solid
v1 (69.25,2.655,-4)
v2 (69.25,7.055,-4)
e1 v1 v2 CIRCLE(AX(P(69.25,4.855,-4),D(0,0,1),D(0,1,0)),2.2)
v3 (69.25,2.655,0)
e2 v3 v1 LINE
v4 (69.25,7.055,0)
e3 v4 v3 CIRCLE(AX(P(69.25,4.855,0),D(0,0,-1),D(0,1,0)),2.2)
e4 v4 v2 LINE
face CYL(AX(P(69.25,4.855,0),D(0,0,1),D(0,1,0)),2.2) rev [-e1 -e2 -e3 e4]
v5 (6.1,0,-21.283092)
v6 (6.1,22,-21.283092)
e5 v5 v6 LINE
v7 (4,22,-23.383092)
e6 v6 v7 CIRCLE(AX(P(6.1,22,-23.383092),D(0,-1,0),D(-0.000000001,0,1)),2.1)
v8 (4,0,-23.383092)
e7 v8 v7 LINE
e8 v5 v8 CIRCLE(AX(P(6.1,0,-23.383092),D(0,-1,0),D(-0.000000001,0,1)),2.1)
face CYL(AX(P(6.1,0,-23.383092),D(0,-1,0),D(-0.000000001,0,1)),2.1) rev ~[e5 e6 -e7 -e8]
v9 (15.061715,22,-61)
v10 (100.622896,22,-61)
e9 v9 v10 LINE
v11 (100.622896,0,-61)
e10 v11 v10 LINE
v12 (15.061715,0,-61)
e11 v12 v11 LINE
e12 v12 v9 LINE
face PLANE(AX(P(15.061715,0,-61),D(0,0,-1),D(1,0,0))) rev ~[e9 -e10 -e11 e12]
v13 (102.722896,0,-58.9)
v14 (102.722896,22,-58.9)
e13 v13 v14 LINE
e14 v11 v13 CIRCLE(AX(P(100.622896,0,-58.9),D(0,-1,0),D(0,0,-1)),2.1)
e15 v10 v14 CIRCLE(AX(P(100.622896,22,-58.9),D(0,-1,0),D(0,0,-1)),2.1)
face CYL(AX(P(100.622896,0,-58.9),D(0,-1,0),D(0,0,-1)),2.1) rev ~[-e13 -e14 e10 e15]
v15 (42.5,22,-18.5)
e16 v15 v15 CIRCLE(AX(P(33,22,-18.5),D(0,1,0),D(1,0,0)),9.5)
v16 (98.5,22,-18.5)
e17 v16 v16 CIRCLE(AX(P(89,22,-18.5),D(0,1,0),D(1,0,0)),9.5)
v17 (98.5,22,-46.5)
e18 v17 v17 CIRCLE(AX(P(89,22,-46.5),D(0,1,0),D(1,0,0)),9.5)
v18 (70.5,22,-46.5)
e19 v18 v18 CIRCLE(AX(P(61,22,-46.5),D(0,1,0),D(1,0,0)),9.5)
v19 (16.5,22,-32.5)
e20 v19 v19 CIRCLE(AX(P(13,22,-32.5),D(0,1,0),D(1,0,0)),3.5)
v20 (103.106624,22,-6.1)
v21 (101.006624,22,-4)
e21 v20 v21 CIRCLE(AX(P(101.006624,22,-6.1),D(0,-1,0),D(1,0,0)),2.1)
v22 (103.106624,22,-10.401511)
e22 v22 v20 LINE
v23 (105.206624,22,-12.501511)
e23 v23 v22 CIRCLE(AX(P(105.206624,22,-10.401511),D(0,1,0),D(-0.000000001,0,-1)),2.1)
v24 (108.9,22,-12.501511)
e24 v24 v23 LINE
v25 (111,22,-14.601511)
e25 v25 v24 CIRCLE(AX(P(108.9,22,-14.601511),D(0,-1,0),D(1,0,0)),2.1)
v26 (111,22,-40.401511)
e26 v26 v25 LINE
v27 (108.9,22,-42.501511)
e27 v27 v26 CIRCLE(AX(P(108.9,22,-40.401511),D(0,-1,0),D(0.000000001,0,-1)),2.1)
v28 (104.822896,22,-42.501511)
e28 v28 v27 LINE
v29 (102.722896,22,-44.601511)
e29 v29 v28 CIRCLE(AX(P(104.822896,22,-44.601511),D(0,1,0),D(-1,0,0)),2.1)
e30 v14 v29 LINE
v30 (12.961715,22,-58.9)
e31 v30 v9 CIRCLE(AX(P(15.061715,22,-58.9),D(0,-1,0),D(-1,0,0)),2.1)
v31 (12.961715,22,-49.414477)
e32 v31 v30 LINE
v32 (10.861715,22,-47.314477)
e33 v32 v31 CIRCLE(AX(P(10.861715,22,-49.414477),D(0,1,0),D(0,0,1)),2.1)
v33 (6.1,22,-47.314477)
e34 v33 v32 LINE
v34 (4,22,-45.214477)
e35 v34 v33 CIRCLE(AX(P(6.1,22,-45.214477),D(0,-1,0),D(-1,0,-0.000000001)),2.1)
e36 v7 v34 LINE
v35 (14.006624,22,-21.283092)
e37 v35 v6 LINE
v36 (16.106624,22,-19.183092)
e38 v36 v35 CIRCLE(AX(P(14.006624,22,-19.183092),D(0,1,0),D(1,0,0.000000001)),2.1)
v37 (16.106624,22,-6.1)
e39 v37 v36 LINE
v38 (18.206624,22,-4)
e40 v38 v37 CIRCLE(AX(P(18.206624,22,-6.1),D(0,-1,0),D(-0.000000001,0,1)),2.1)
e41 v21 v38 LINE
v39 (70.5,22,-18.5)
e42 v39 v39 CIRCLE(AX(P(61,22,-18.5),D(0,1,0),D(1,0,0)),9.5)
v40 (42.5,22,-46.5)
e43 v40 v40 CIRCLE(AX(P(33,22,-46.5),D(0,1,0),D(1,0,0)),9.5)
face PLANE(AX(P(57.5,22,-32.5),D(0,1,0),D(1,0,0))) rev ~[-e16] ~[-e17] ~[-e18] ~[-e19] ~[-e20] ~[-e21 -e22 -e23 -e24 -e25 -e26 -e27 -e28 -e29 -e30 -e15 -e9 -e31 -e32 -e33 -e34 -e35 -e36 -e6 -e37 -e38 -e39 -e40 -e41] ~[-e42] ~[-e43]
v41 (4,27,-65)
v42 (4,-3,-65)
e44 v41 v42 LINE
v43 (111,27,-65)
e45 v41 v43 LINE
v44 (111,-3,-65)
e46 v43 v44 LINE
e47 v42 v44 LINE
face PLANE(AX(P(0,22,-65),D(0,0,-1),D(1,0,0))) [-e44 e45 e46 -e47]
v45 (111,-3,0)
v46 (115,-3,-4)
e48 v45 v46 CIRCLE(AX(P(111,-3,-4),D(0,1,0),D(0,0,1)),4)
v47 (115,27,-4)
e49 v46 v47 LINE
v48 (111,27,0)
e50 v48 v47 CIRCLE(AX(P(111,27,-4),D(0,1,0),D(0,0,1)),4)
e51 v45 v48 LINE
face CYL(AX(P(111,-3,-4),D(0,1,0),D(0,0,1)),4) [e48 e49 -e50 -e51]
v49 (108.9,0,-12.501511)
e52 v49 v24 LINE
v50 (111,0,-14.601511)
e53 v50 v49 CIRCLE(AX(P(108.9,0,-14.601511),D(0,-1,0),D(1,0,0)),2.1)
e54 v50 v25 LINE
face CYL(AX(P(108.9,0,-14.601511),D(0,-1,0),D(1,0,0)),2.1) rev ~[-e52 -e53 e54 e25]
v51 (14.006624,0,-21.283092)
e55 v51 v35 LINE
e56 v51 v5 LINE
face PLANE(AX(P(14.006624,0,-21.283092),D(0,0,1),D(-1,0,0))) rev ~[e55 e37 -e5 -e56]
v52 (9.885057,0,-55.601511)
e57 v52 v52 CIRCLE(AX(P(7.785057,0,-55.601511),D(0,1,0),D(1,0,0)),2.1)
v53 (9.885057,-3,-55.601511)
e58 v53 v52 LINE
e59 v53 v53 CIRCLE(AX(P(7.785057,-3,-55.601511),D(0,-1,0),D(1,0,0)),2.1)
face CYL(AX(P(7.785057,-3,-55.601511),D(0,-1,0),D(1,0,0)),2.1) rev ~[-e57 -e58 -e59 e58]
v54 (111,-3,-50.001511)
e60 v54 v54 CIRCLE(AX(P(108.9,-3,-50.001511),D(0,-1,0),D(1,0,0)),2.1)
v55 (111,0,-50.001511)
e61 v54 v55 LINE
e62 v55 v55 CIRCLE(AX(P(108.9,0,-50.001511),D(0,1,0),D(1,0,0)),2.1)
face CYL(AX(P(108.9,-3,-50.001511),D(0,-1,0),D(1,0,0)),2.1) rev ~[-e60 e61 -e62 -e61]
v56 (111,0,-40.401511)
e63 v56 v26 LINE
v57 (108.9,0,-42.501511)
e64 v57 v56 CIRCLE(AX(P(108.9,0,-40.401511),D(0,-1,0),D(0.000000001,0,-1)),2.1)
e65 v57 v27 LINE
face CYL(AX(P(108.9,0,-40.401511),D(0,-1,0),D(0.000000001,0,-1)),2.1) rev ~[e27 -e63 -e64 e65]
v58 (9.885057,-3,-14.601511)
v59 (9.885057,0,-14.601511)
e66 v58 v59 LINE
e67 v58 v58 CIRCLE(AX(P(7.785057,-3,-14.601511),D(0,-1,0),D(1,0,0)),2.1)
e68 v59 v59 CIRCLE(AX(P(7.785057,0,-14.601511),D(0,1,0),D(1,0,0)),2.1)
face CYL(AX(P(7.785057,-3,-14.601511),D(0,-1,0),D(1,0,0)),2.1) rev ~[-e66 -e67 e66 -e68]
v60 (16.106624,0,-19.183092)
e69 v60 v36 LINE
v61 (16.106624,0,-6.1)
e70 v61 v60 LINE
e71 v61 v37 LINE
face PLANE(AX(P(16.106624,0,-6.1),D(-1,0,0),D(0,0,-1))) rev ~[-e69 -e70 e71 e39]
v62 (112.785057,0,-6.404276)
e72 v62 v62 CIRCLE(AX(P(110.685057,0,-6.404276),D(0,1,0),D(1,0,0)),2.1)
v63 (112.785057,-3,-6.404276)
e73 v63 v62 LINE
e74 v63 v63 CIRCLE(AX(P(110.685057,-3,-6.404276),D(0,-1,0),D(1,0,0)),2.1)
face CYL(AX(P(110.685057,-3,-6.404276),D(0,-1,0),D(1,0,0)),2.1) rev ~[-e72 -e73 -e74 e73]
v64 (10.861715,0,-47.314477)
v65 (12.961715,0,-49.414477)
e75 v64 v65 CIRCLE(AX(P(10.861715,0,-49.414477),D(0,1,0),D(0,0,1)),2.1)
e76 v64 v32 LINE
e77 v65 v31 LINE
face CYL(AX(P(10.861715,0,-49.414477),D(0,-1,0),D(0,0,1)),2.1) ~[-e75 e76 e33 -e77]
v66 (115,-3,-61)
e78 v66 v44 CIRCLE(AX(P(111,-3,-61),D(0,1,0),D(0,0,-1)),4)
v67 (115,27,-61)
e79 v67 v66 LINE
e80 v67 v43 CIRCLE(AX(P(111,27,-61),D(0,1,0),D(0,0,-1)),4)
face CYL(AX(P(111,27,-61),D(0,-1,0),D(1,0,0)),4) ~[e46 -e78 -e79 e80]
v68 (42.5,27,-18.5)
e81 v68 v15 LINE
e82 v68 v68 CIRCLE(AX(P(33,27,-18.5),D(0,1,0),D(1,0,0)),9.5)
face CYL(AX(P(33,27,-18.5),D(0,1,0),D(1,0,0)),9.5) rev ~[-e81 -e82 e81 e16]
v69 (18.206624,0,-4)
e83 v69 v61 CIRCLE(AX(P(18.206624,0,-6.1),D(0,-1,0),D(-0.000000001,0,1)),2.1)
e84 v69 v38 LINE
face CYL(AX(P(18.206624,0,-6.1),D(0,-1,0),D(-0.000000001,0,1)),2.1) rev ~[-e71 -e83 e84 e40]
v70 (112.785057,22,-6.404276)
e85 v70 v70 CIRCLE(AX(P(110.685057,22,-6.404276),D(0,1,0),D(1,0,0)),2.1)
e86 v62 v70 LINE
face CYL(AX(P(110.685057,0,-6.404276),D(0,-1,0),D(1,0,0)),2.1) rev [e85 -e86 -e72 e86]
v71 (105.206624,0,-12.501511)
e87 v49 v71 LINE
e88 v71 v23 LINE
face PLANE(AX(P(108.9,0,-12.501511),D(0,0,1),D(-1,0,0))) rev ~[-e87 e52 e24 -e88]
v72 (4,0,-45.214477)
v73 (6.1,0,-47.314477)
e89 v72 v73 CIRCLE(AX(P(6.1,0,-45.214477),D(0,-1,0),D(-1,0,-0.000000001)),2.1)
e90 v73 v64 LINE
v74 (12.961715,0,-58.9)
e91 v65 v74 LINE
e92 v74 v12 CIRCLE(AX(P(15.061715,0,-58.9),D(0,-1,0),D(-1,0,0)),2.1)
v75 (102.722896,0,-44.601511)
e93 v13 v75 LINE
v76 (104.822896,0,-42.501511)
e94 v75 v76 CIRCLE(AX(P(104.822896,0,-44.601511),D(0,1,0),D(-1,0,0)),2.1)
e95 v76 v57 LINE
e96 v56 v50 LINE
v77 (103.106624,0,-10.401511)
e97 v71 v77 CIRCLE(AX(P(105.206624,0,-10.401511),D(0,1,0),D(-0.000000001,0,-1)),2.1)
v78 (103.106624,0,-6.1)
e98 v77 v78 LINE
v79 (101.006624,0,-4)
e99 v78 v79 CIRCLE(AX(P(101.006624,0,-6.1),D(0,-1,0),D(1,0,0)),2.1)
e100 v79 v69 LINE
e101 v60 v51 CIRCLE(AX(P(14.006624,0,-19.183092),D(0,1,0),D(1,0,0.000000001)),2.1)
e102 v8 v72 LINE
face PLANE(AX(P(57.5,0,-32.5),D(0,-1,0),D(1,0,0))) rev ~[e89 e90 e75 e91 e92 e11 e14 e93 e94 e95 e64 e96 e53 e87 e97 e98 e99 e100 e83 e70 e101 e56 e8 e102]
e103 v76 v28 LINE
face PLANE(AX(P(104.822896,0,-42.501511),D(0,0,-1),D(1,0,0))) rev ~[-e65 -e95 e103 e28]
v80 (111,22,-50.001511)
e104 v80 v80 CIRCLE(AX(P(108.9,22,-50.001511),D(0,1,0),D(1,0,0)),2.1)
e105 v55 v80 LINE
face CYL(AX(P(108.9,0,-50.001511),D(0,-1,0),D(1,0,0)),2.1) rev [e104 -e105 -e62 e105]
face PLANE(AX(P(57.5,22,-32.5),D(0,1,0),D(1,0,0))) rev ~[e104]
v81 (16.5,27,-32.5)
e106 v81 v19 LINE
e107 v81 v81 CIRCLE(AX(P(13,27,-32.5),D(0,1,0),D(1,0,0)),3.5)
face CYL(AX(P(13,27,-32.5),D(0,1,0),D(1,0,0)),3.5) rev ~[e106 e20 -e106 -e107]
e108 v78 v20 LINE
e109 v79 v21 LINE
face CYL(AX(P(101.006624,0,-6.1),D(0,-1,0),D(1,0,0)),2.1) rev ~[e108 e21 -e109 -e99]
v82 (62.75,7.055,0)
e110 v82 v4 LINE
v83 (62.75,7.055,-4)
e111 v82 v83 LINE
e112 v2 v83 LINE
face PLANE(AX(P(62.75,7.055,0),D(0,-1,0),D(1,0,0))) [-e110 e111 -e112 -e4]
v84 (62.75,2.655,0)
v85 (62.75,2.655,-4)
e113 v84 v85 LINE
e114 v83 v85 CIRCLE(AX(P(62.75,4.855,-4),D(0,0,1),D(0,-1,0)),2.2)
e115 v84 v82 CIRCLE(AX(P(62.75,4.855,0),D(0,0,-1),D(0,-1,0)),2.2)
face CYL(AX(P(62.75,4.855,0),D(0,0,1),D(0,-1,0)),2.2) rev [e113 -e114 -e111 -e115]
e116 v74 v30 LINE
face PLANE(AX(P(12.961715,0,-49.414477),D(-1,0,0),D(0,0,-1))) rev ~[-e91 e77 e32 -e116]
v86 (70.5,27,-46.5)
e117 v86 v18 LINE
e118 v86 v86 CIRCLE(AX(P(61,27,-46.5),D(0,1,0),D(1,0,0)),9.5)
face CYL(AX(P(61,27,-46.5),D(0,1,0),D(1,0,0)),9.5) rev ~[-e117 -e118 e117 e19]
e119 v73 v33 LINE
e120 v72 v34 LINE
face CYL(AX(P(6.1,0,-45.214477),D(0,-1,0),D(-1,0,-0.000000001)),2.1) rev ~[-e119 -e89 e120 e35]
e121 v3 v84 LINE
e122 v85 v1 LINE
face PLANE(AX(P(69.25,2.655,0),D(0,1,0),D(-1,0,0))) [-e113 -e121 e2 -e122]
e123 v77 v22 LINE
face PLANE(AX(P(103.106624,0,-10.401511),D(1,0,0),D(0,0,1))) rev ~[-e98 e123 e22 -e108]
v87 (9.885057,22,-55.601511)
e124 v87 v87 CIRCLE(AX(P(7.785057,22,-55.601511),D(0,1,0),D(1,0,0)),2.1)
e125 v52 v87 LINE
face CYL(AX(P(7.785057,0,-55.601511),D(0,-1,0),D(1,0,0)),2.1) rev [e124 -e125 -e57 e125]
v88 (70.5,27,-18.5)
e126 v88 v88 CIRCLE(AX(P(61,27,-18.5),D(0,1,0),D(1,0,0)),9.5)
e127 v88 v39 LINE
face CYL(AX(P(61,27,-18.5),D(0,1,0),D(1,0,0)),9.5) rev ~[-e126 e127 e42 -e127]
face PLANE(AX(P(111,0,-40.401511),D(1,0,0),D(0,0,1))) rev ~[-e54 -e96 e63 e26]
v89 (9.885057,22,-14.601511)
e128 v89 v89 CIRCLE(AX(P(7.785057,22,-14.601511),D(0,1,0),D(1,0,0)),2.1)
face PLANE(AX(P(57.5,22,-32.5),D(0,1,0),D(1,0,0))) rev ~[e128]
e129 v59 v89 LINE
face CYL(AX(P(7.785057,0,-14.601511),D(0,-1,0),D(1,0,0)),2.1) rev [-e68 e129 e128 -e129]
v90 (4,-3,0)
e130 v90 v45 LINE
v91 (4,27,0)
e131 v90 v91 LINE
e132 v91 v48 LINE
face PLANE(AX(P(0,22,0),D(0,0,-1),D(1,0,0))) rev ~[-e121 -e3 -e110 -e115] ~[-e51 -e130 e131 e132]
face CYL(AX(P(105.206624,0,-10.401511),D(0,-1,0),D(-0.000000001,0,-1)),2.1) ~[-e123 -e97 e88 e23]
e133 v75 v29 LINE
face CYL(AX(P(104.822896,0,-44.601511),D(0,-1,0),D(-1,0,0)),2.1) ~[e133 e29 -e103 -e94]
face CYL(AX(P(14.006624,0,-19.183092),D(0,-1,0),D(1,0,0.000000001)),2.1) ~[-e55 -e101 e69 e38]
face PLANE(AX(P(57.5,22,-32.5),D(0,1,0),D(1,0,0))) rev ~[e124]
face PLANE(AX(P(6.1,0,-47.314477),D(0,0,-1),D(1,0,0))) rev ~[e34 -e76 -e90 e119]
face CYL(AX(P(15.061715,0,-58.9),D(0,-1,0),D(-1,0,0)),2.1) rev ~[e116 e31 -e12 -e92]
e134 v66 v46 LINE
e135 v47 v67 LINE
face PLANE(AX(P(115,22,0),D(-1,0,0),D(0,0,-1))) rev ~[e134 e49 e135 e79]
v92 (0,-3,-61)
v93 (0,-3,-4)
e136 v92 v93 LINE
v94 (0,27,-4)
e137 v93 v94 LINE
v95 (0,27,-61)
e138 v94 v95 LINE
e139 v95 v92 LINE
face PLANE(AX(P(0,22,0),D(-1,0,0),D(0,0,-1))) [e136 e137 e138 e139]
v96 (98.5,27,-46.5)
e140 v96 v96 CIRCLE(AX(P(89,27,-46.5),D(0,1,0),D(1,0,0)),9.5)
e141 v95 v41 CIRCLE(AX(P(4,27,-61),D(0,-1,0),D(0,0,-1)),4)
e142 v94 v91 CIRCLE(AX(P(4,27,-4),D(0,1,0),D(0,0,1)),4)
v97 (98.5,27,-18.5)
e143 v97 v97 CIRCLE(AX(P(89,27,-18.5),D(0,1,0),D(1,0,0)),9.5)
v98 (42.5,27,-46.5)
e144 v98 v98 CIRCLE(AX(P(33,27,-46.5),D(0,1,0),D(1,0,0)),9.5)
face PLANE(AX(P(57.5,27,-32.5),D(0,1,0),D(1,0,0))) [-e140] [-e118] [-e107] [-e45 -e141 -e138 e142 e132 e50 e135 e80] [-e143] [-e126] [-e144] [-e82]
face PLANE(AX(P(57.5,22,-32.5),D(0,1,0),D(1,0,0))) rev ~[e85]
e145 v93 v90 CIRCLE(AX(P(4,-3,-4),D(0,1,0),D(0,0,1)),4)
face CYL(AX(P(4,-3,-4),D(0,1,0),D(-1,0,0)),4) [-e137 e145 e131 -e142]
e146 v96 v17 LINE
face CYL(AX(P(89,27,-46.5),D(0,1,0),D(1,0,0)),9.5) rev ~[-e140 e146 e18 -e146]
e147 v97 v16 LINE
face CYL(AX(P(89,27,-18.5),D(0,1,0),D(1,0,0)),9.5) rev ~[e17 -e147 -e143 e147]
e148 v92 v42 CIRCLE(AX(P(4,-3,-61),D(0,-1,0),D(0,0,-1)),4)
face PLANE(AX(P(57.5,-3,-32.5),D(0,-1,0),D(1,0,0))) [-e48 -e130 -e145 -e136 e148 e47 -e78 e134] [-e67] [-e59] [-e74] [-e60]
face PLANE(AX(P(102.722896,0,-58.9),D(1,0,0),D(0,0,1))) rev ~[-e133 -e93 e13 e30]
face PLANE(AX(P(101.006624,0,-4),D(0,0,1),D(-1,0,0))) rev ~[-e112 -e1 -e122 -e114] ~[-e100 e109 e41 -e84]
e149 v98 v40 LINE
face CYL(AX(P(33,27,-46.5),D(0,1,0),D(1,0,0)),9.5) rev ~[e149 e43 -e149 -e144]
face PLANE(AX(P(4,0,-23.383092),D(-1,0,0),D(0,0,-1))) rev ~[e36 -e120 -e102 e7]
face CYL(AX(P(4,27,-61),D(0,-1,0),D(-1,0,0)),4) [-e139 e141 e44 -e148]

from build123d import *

# Parameters (mm, degrees)
SKETCH1_W           = 115
SKETCH1_H           = 65
SKETCH1_R           = 2.1
BOSS_EXTRUDE1_DEPTH = 22
BOSS_EXTRUDE4_START = 3
SKETCH6_W           = 115
SKETCH6_H           = 65
SKETCH6_R           = 2.1
BOSS_EXTRUDE4_DEPTH = 3
SKETCH7_W           = 115
SKETCH7_H           = 65
BOSS_EXTRUDE5_DEPTH = 5
FILLET1_R           = 4
CUT_EXTRUDE1_REACH  = 137.462
SKETCH4_R           = 9.5
SKETCH4_R_2         = 3.5
CUT_EXTRUDE2_REACH  = 136.83


with BuildPart() as part:
    # Sketch1 → Boss-Extrude1 (new body)
    with BuildSketch(Plane(origin=(0, 0, 0), x_dir=(1, 0, 0), z_dir=(0, 1, 0))):
        with Locations((57.5, 32.5)):
            Rectangle(SKETCH1_W, SKETCH1_H)
        with Locations((108.9, 50.001511105)):
            Circle(SKETCH1_R, mode=Mode.SUBTRACT)
        with Locations((110.685057222, 6.404275632)):
            Circle(SKETCH1_R, mode=Mode.SUBTRACT)
        with Locations((7.785057222, 14.601511105)):
            Circle(SKETCH1_R, mode=Mode.SUBTRACT)
        with Locations((7.785057222, 55.601511105)):
            Circle(SKETCH1_R, mode=Mode.SUBTRACT)
        with BuildLine():
            Line((6.1, 47.31447682), (10.861715208, 47.31447682))
            ThreePointArc((10.861715208, 47.31447682), (12.346639448, 47.929552579), (12.961715208, 49.41447682))
            Line((12.961715208, 49.41447682), (12.961715208, 58.9))
            ThreePointArc((12.961715208, 58.9), (13.576790967, 60.38492424), (15.061715208, 61))
            Line((15.061715208, 61), (100.622896336, 61))
            ThreePointArc((100.622896336, 61), (102.107820577, 60.38492424), (102.722896336, 58.9))
            Line((102.722896336, 58.9), (102.722896336, 44.601511105))
            ThreePointArc((102.722896336, 44.601511105), (103.337972096, 43.116586864), (104.822896336, 42.501511105))
            Line((104.822896336, 42.501511105), (108.9, 42.501511105))
            ThreePointArc((108.9, 42.501511105), (110.38492424, 41.886435345), (111, 40.401511105))
            Line((111, 40.401511105), (111, 14.601511105))
            ThreePointArc((111, 14.601511105), (110.38492424, 13.116586864), (108.9, 12.501511105))
            Line((108.9, 12.501511105), (105.206624477, 12.501511105))
            ThreePointArc((105.206624477, 12.501511105), (103.721700237, 11.886435345), (103.106624477, 10.401511105))
            Line((103.106624477, 10.401511105), (103.106624477, 6.1))
            ThreePointArc((103.106624477, 6.1), (102.491548718, 4.61507576), (101.006624477, 4))
            Line((101.006624477, 4), (18.206624477, 4))
            ThreePointArc((18.206624477, 4), (16.721700237, 4.61507576), (16.106624477, 6.1))
            Line((16.106624477, 6.1), (16.106624477, 19.183092127))
            ThreePointArc((16.106624477, 19.183092127), (15.491548718, 20.668016368), (14.006624477, 21.283092127))
            Line((14.006624477, 21.283092127), (6.1, 21.283092127))
            ThreePointArc((6.1, 21.283092127), (4.61507576, 21.898167887), (4, 23.383092127))
            Line((4, 23.383092127), (4, 45.21447682))
            ThreePointArc((4, 45.21447682), (4.61507576, 46.69940106), (6.1, 47.31447682))
        make_face(mode=Mode.SUBTRACT)
    extrude(amount=BOSS_EXTRUDE1_DEPTH)

    # Sketch6 → Boss-Extrude4 (add)
    with BuildSketch(Plane.XZ.offset(BOSS_EXTRUDE4_START)):
        with Locations((57.5, -32.5)):
            Rectangle(SKETCH6_W, SKETCH6_H)
        with Locations((7.785057222, -55.601511105)):
            Circle(SKETCH6_R, mode=Mode.SUBTRACT)
        with Locations((108.9, -50.001511105)):
            Circle(SKETCH6_R, mode=Mode.SUBTRACT)
        with Locations((7.785057222, -14.601511105)):
            Circle(SKETCH6_R, mode=Mode.SUBTRACT)
        with Locations((110.685057222, -6.404275632)):
            Circle(SKETCH6_R, mode=Mode.SUBTRACT)
    extrude(amount=-BOSS_EXTRUDE4_DEPTH)

    # Sketch7 → Boss-Extrude5 (add)
    with BuildSketch(Plane(origin=(0, 22, 0), x_dir=(1, 0, 0), z_dir=(0, 1, 0))):
        with Locations((57.5, 32.5)):
            Rectangle(SKETCH7_W, SKETCH7_H)
    extrude(amount=BOSS_EXTRUDE5_DEPTH)

    # Fillet1
    fillet1_edges = [part.edges().sort_by_distance(p)[0] for p in [
        (0, 12, -65),
        (115, 12, -65),
        (115, 12, 0),
        (0, 12, 0),
    ]]
    fillet(fillet1_edges, radius=FILLET1_R)

    # Sketch4 → Cut-Extrude1 (cut, up to next)
    with BuildSketch(Plane(origin=(0, 27, 0), x_dir=(1, 0, 0), z_dir=(0, 1, 0)), mode=Mode.PRIVATE) as cut_extrude1_sk1:
        with Locations((33, 46.5)):
            Circle(SKETCH4_R)
    cut_extrude1_tool1 = extrude(cut_extrude1_sk1.sketch, amount=-CUT_EXTRUDE1_REACH, mode=Mode.PRIVATE) & part.part
    # Sketch4 → Cut-Extrude1 (cut, up to next)
    with BuildSketch(Plane(origin=(0, 27, 0), x_dir=(1, 0, 0), z_dir=(0, 1, 0)), mode=Mode.PRIVATE) as cut_extrude1_sk2:
        with Locations((33, 18.5)):
            Circle(SKETCH4_R)
    cut_extrude1_tool2 = extrude(cut_extrude1_sk2.sketch, amount=-CUT_EXTRUDE1_REACH, mode=Mode.PRIVATE) & part.part
    # Sketch4 → Cut-Extrude1 (cut, up to next)
    with BuildSketch(Plane(origin=(0, 27, 0), x_dir=(1, 0, 0), z_dir=(0, 1, 0)), mode=Mode.PRIVATE) as cut_extrude1_sk3:
        with Locations((61, 46.5)):
            Circle(SKETCH4_R)
    cut_extrude1_tool3 = extrude(cut_extrude1_sk3.sketch, amount=-CUT_EXTRUDE1_REACH, mode=Mode.PRIVATE) & part.part
    # Sketch4 → Cut-Extrude1 (cut, up to next)
    with BuildSketch(Plane(origin=(0, 27, 0), x_dir=(1, 0, 0), z_dir=(0, 1, 0)), mode=Mode.PRIVATE) as cut_extrude1_sk4:
        with Locations((89, 46.5)):
            Circle(SKETCH4_R)
    cut_extrude1_tool4 = extrude(cut_extrude1_sk4.sketch, amount=-CUT_EXTRUDE1_REACH, mode=Mode.PRIVATE) & part.part
    # Sketch4 → Cut-Extrude1 (cut, up to next)
    with BuildSketch(Plane(origin=(0, 27, 0), x_dir=(1, 0, 0), z_dir=(0, 1, 0)), mode=Mode.PRIVATE) as cut_extrude1_sk5:
        with Locations((61, 18.5)):
            Circle(SKETCH4_R)
    cut_extrude1_tool5 = extrude(cut_extrude1_sk5.sketch, amount=-CUT_EXTRUDE1_REACH, mode=Mode.PRIVATE) & part.part
    # Sketch4 → Cut-Extrude1 (cut, up to next)
    with BuildSketch(Plane(origin=(0, 27, 0), x_dir=(1, 0, 0), z_dir=(0, 1, 0)), mode=Mode.PRIVATE) as cut_extrude1_sk6:
        with Locations((89, 18.5)):
            Circle(SKETCH4_R)
    cut_extrude1_tool6 = extrude(cut_extrude1_sk6.sketch, amount=-CUT_EXTRUDE1_REACH, mode=Mode.PRIVATE) & part.part
    # Sketch4 → Cut-Extrude1 (cut, up to next)
    with BuildSketch(Plane(origin=(0, 27, 0), x_dir=(1, 0, 0), z_dir=(0, 1, 0)), mode=Mode.PRIVATE) as cut_extrude1_sk7:
        with Locations((13, 32.5)):
            Circle(SKETCH4_R_2)
    cut_extrude1_tool7 = extrude(cut_extrude1_sk7.sketch, amount=-CUT_EXTRUDE1_REACH, mode=Mode.PRIVATE) & part.part
    add(cut_extrude1_tool1.solids().sort_by_distance((33, 27, -46.5))[0], mode=Mode.SUBTRACT)
    add(cut_extrude1_tool2.solids().sort_by_distance((33, 27, -18.5))[0], mode=Mode.SUBTRACT)
    add(cut_extrude1_tool3.solids().sort_by_distance((61, 27, -46.5))[0], mode=Mode.SUBTRACT)
    add(cut_extrude1_tool4.solids().sort_by_distance((89, 27, -46.5))[0], mode=Mode.SUBTRACT)
    add(cut_extrude1_tool5.solids().sort_by_distance((61, 27, -18.5))[0], mode=Mode.SUBTRACT)
    add(cut_extrude1_tool6.solids().sort_by_distance((89, 27, -18.5))[0], mode=Mode.SUBTRACT)
    add(cut_extrude1_tool7.solids().sort_by_distance((13, 27, -32.5))[0], mode=Mode.SUBTRACT)

    # Sketch5 → Cut-Extrude2 (cut, up to next)
    with BuildSketch(Plane.XY, mode=Mode.PRIVATE) as cut_extrude2_sk1:
        with BuildLine():
            Line((62.75, 7.055), (69.25, 7.055))
            ThreePointArc((69.25, 7.055), (71.45, 4.855), (69.25, 2.655))
            Line((69.25, 2.655), (62.75, 2.655))
            ThreePointArc((62.75, 2.655), (60.55, 4.855), (62.75, 7.055))
        make_face()
    cut_extrude2_tool1 = extrude(cut_extrude2_sk1.sketch, amount=-CUT_EXTRUDE2_REACH, mode=Mode.PRIVATE) & part.part
    add(cut_extrude2_tool1.solids().sort_by_distance((66, 4.855, 0))[0], mode=Mode.SUBTRACT)


solid = part.part
